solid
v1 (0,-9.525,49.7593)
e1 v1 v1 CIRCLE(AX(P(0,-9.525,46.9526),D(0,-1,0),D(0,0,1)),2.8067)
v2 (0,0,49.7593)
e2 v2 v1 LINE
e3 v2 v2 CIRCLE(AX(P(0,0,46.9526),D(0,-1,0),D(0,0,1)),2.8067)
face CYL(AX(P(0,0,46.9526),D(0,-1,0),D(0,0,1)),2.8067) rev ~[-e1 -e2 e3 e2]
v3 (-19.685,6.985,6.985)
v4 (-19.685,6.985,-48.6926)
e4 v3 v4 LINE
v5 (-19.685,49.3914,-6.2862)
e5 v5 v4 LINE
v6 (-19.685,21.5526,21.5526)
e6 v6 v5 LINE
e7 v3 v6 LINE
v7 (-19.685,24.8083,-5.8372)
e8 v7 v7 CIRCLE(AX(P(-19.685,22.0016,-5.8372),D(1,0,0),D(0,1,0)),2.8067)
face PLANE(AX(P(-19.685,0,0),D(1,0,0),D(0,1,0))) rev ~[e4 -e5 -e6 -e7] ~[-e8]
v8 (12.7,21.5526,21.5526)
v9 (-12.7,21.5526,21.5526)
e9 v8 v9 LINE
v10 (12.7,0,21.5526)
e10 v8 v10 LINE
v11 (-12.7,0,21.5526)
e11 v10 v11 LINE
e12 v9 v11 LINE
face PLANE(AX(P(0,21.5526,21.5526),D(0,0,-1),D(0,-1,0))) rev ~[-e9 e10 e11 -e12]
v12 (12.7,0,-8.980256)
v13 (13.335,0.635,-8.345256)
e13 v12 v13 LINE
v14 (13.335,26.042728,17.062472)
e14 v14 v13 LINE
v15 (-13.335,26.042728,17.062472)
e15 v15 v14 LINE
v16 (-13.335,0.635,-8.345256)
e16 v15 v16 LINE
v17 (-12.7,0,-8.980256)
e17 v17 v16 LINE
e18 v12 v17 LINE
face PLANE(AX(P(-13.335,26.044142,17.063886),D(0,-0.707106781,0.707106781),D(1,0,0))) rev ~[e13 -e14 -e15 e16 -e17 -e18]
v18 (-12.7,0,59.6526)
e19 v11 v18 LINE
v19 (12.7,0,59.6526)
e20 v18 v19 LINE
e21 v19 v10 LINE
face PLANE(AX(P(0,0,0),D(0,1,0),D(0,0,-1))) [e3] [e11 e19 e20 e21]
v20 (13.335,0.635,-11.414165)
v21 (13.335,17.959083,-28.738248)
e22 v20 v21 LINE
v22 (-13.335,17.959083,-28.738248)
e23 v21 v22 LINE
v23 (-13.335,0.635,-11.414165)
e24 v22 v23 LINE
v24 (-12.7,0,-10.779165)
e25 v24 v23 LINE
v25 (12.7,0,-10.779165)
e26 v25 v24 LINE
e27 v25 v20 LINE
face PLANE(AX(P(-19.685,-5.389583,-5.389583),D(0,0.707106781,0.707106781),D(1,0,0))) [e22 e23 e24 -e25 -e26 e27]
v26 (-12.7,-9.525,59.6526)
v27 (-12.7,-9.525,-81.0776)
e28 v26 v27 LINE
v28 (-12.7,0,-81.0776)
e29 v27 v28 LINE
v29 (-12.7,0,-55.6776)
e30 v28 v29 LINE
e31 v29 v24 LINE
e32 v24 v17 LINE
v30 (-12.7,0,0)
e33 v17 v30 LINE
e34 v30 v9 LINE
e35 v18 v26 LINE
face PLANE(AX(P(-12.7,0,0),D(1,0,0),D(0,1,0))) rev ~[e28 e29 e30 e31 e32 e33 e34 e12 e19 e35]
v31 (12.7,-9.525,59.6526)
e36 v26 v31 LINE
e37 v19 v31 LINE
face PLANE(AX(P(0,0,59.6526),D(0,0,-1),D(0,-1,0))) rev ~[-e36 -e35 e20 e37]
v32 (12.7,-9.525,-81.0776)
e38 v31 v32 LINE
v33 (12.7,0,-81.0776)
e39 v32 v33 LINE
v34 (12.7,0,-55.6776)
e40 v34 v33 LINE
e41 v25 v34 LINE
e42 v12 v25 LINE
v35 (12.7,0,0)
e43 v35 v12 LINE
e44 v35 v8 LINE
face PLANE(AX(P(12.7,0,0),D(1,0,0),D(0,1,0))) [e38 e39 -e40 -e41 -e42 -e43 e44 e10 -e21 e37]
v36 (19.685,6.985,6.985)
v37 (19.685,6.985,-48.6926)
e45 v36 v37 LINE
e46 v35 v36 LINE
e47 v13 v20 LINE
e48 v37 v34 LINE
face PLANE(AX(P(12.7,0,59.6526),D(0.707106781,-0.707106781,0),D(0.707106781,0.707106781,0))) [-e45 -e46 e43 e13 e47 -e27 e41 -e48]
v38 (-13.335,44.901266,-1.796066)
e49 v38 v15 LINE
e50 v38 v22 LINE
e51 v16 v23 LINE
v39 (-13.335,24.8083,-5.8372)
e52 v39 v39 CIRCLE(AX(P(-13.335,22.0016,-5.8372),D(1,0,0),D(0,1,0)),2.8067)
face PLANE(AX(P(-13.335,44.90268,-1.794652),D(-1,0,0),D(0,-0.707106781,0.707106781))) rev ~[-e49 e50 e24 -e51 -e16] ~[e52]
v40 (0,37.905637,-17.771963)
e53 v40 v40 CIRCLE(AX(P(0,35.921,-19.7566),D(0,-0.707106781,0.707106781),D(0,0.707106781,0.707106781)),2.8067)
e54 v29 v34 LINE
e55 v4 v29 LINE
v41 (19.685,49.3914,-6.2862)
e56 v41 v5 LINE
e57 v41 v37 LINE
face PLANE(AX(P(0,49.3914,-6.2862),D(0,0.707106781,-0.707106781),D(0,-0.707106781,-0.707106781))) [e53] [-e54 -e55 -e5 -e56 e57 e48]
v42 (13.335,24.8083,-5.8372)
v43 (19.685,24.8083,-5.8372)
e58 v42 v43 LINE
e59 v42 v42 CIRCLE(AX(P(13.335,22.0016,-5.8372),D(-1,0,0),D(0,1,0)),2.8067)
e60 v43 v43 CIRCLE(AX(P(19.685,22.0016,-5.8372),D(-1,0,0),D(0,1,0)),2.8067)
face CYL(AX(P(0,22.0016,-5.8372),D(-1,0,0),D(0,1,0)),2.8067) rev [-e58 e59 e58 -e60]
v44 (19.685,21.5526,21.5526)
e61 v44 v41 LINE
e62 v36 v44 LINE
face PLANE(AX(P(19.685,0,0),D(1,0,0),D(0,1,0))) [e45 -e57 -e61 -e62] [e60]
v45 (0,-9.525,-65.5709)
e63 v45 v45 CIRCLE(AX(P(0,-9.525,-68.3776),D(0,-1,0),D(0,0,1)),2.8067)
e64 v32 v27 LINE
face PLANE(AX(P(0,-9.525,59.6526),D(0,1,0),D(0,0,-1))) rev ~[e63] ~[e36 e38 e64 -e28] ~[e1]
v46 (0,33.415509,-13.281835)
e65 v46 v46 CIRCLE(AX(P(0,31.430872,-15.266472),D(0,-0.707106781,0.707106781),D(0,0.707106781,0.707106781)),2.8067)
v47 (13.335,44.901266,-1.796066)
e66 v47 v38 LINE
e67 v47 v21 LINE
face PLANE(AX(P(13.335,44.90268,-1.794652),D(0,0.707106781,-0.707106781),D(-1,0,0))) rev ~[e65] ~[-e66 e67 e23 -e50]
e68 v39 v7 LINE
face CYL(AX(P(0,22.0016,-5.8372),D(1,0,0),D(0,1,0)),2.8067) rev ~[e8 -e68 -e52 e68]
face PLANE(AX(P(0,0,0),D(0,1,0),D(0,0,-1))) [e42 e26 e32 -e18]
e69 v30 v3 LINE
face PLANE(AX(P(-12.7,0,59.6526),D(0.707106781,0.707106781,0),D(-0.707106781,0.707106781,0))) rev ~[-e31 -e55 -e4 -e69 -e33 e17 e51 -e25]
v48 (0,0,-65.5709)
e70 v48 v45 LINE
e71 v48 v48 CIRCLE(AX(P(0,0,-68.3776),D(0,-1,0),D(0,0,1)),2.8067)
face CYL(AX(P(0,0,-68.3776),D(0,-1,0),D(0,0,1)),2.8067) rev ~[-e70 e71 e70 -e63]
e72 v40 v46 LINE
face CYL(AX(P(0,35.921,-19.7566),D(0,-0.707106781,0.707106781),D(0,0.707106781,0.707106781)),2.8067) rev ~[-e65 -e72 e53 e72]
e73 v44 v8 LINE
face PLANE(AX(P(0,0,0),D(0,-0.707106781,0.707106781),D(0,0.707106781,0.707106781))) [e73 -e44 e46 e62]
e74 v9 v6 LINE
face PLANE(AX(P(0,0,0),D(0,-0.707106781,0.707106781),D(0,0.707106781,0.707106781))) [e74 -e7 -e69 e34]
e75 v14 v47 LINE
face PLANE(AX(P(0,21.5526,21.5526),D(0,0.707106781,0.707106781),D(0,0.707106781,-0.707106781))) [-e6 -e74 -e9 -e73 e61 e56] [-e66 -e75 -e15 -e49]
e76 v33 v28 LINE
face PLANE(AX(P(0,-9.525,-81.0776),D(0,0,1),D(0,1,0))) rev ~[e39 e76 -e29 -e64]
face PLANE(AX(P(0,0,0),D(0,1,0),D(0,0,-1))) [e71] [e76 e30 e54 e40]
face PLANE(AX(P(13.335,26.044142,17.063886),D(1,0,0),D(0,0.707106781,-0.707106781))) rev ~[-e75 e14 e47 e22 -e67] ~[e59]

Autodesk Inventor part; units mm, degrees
ref_plane "YZ Plane" through (0, 0, 0) normal (1, 0, 0) x (0, 1, 0)
ref_plane "XZ Plane" through (0, 0, 0) normal (0, 1, 0) x (-1, 0, 0)
ref_plane "XY Plane" through (0, 0, 0) normal (0, 0, 1) x (1, 0, 0)
sketch "Sketch1" plane through (0, 0, 0) normal (1, 0, 0) x (0, 1, 0)
  line L0 (0, 0) -> (21.5526, 21.5526)
  line L1 (21.5526, 21.5526) -> (49.3914, -6.2862)
  line L2 (0, -98.8011) -> (0, 41.6267) projected
  line L3 (49.3914, -6.2862) -> (0, -55.6776)
  line L4 (0, 0) -> (0, -55.6776)
  line L5 (26.9408, 16.1645) -> (0, -10.7763) construction
  dimension "d0" = 39.37
  dimension "d1" = 45
  dimension "d5" = 7.62
  dimension "d6" = 38.1
extrude "Extrusion1" add sketch "Sketch1" along normal mid plane 39.37
sketch "Sketch2" plane through (-19.685, 21.5526, 21.5526) normal (0, 0.7071, 0.7071) x (1, 0, 0)
  line L0 (0, 0) -> (39.37, 0) construction
  line L1 (39.37, 0) -> (39.37, 39.37) construction
  line L2 (0, 0) -> (39.37, 39.37) construction
  line L3 (39.37, 39.37) -> (0, 39.37) construction
  line L4 (0, 39.37) -> (39.37, 0) construction
  line L5 (6.35, 6.35) -> (33.02, 6.35)
  line L6 (33.02, 6.35) -> (33.02, 33.02)
  line L7 (33.02, 33.02) -> (6.35, 33.02)
  line L8 (6.35, 33.02) -> (6.35, 6.35)
  line L9 (6.35, 6.35) -> (33.02, 33.02) construction
  line L10 (33.02, 6.35) -> (6.35, 33.02) construction
  point P0 (19.685, 0)
  point P1 (19.685, 19.685)
  dimension "d7" = 26.67
extrude "Extrusion2" cut sketch "Sketch2" against normal blind 38.1
sketch "Sketch3" plane through (0, 0, 0) normal (1, 0, 0) x (0, 1, 0)
  line L0 (21.5526, 21.5526) -> (0, 0) projected
  line L1 (0, 0) -> (0, -55.6776) projected
  line L2 (0, -55.6776) -> (49.3914, -6.2862) projected
  line L3 (17.9605, -28.7368) -> (0, -10.7763) projected
  line L4 (26.0427, 17.0625) -> (0, -8.9803) projected
  line L5 (0, 0) -> (0, -55.6776)
  line L6 (21.5526, 21.5526) -> (8.0019, 21.5526) construction
  line L7 (0, 0) -> (21.5526, 21.5526) projected
  line L8 (0, 0) -> (0, 59.6526)
  line L9 (49.3914, -6.2862) -> (0, -55.6776) projected
  line L10 (0, -55.6776) -> (0, -81.0776)
  line L11 (0, -136.9011) -> (0, 92.4267) projected
  line L12 (0, 59.6526) -> (-9.525, 59.6526)
  line L13 (-9.525, 59.6526) -> (-9.525, -81.0776)
  line L14 (-9.525, -81.0776) -> (0, -81.0776)
  point P0 (1.0999, -13.335)
  point P1 (0, -15.24)
  point P2 (0, -10.7763)
  dimension "d10" = 38.1
  dimension "d11" = 25.4
  dimension "d12" = 9.525
  dimension "supportBaseLength" = 140.7302
extrude "Extrusion3" add sketch "Sketch3" along normal mid plane 25.4
sketch "Sketch5" plane through (0, 0, 0) normal (1, 0, 0) x (0, 1, 0)
  line L0 (0, 0) -> (21.5526, 21.5526) projected
  line L1 (0, 59.6526) -> (0, 0) projected
  line L2 (21.5526, 21.5526) -> (49.3914, -6.2862) projected
  line L3 (21.5526, 21.5526) -> (0, 21.5526)
  line L4 (0, 0) -> (21.5526, 21.5526)
extrude "Extrusion5" add sketch "Sketch5" along normal mid plane 25.4
sketch "Sketch4" plane through (0, 0, 0) normal (0, 0, 1) x (1, 0, 0)
  line L0 (19.685, 49.3914) -> (-19.685, 49.3914) projected
  line L1 (19.685, 0) -> (19.685, 49.3914) projected
  line L2 (19.685, 0) -> (12.7, 0) projected
  line L3 (12.7, 0) -> (-12.7, 0) projected
  line L4 (-12.7, 0) -> (-19.685, 0) projected
  line L5 (-19.685, 49.3914) -> (-19.685, 0) projected
  line L6 (-12.7, 0) -> (-12.7, -9.525) projected
  line L7 (12.7, -9.525) -> (-12.7, -9.525) projected
  line L8 (12.7, -9.525) -> (12.7, 0) projected
  line L9 (-12.7, 0) -> (-19.685, 6.985)
  line L10 (-19.685, 49.3914) -> (-19.685, 0) projected
  line L11 (-19.685, 6.985) -> (-19.685, 0)
  line L12 (0, 0) -> (0, 49.3914) construction
  line L13 (12.7, 0) -> (19.685, 0)
  line L14 (12.7, 0) -> (19.685, 6.985)
  line L15 (19.685, 6.985) -> (19.685, 0)
  dimension "d15" = 45
extrude "Extrusion4" cut sketch "Sketch4" against normal up to surface (140.7302 mm away) from surface at 59.6526 contours L1 L2 L14 | L9 L4 L5
sketch "Sketch6" plane through (-12.7, 0, 59.6526) normal (0, 1, 0) x (1, 0, 0)
  line L0 (25.4, 140.7302) -> (0, 140.7302) construction
  line L1 (12.7, 140.7302) -> (12.7, 0) construction
  line L2 (25.4, 0) -> (0, 0) construction
  point P0 (12.7, 59.6526)
  point P1 (12.7, 128.0302)
  point P2 (12.7, 12.7)
  dimension "d21" = 12.7
  dimension "d22" = 12.7
hole "Hole1" at (0, 0, -68.3776) at (0, 0, 46.9526) direction (0, -1, 0) diameter 5.6134 end through all clearance for "Flat Head Machine Screw (82)" size "#10" standard "Ansi Unified Screw Threads"
sketch "Sketch9" plane through (0, 0, 0) normal (1, 0, 0) x (0, 1, 0)
  line L0 (0.635, -8.3453) -> (0.635, -11.4113) projected
  line L1 (0.635, -11.4113) -> (17.9605, -28.7368) projected
  line L2 (44.9013, -1.7961) -> (17.9605, -28.7368) projected
  line L3 (26.0427, 17.0625) -> (44.9013, -1.7961) projected
  line L4 (26.0427, 17.0625) -> (0.635, -8.3453) projected
  line L5 (35.472, 7.6332) -> (8.5312, -19.3076) construction
  line L6 (0.635, -11.4113) -> (17.9605, -28.7368) construction
  circle A0 centre (22.0016, -5.8372) radius 2.8067
  point P0 (0, 0)
  dimension "d30" = 5.6134
extrude "Extrusion6" cut sketch "Sketch9" along normal through all both and the other way through all contours A0
sketch "Sketch10" plane through (-19.685, 49.3914, -6.2862) normal (0, 0.7071, -0.7071) x (1, 0, 0)
  line L0 (6.35, 0) -> (33.02, 0) construction
  line L1 (19.685, 0) -> (19.685, 77.7875) construction
  point P0 (19.685, 30.48)
  point P1 (19.685, 19.05)
  dimension "d33" = 19.05
hole "Hole2" at (0, 35.921, -19.7566) direction (0, -0.7071, 0.7071) diameter 5.6134 depth 6.35 clearance for "Flat Head Machine Screw (82)" size "#10" standard "Ansi Unified Screw Threads"
equation "\"d0\" = widthToSupportExtrusion"
equation "\"d1\" = attachementAngle"
equation "\"d6\" = insertDepth"
equation "\"d2\" = widthToSupportExtrusion"
equation "\"d7\" = insertForExtrusion"
equation "\"d8\" = insertDepth"
equation "\"d10\" = lenghtUnderBrace"
equation "\"d11\" = backLength"
equation "\"d12\" = supportBaseDepth"
equation "\"d13\" = supportBaseWidth"
equation "\"d19\" = supportBaseWidth"
equation "\"d21\" = supportHoleDistanceFromEnd"
equation "\"d22\" = supportHoleDistanceFromEnd"
equation "\"attachementAngle\" = 45deg"
equation "\"extrusionSize\" = 25.4"
equation "\"wallThickness\" = 6.35"
equation "\"slipClearance\" = 0.635"
equation "\"insertForExtrusion\" = extrusionSize + 2 * slipClearance"
equation "\"widthToSupportExtrusion\" = insertForExtrusion + 2 * wallThickness"
equation "\"insertDepth\" = 38.1"
equation "\"supportBaseWidth\" = 25.4"
equation "\"supportBaseDepth\" = 9.525"
equation "\"supportHoleDistanceFromEnd\" = 12.7"
equation "\"lenghtUnderBrace\" = 38.1"
equation "\"backLength\" = 25.4"
properties part number "45DegreeAttachementV03"
